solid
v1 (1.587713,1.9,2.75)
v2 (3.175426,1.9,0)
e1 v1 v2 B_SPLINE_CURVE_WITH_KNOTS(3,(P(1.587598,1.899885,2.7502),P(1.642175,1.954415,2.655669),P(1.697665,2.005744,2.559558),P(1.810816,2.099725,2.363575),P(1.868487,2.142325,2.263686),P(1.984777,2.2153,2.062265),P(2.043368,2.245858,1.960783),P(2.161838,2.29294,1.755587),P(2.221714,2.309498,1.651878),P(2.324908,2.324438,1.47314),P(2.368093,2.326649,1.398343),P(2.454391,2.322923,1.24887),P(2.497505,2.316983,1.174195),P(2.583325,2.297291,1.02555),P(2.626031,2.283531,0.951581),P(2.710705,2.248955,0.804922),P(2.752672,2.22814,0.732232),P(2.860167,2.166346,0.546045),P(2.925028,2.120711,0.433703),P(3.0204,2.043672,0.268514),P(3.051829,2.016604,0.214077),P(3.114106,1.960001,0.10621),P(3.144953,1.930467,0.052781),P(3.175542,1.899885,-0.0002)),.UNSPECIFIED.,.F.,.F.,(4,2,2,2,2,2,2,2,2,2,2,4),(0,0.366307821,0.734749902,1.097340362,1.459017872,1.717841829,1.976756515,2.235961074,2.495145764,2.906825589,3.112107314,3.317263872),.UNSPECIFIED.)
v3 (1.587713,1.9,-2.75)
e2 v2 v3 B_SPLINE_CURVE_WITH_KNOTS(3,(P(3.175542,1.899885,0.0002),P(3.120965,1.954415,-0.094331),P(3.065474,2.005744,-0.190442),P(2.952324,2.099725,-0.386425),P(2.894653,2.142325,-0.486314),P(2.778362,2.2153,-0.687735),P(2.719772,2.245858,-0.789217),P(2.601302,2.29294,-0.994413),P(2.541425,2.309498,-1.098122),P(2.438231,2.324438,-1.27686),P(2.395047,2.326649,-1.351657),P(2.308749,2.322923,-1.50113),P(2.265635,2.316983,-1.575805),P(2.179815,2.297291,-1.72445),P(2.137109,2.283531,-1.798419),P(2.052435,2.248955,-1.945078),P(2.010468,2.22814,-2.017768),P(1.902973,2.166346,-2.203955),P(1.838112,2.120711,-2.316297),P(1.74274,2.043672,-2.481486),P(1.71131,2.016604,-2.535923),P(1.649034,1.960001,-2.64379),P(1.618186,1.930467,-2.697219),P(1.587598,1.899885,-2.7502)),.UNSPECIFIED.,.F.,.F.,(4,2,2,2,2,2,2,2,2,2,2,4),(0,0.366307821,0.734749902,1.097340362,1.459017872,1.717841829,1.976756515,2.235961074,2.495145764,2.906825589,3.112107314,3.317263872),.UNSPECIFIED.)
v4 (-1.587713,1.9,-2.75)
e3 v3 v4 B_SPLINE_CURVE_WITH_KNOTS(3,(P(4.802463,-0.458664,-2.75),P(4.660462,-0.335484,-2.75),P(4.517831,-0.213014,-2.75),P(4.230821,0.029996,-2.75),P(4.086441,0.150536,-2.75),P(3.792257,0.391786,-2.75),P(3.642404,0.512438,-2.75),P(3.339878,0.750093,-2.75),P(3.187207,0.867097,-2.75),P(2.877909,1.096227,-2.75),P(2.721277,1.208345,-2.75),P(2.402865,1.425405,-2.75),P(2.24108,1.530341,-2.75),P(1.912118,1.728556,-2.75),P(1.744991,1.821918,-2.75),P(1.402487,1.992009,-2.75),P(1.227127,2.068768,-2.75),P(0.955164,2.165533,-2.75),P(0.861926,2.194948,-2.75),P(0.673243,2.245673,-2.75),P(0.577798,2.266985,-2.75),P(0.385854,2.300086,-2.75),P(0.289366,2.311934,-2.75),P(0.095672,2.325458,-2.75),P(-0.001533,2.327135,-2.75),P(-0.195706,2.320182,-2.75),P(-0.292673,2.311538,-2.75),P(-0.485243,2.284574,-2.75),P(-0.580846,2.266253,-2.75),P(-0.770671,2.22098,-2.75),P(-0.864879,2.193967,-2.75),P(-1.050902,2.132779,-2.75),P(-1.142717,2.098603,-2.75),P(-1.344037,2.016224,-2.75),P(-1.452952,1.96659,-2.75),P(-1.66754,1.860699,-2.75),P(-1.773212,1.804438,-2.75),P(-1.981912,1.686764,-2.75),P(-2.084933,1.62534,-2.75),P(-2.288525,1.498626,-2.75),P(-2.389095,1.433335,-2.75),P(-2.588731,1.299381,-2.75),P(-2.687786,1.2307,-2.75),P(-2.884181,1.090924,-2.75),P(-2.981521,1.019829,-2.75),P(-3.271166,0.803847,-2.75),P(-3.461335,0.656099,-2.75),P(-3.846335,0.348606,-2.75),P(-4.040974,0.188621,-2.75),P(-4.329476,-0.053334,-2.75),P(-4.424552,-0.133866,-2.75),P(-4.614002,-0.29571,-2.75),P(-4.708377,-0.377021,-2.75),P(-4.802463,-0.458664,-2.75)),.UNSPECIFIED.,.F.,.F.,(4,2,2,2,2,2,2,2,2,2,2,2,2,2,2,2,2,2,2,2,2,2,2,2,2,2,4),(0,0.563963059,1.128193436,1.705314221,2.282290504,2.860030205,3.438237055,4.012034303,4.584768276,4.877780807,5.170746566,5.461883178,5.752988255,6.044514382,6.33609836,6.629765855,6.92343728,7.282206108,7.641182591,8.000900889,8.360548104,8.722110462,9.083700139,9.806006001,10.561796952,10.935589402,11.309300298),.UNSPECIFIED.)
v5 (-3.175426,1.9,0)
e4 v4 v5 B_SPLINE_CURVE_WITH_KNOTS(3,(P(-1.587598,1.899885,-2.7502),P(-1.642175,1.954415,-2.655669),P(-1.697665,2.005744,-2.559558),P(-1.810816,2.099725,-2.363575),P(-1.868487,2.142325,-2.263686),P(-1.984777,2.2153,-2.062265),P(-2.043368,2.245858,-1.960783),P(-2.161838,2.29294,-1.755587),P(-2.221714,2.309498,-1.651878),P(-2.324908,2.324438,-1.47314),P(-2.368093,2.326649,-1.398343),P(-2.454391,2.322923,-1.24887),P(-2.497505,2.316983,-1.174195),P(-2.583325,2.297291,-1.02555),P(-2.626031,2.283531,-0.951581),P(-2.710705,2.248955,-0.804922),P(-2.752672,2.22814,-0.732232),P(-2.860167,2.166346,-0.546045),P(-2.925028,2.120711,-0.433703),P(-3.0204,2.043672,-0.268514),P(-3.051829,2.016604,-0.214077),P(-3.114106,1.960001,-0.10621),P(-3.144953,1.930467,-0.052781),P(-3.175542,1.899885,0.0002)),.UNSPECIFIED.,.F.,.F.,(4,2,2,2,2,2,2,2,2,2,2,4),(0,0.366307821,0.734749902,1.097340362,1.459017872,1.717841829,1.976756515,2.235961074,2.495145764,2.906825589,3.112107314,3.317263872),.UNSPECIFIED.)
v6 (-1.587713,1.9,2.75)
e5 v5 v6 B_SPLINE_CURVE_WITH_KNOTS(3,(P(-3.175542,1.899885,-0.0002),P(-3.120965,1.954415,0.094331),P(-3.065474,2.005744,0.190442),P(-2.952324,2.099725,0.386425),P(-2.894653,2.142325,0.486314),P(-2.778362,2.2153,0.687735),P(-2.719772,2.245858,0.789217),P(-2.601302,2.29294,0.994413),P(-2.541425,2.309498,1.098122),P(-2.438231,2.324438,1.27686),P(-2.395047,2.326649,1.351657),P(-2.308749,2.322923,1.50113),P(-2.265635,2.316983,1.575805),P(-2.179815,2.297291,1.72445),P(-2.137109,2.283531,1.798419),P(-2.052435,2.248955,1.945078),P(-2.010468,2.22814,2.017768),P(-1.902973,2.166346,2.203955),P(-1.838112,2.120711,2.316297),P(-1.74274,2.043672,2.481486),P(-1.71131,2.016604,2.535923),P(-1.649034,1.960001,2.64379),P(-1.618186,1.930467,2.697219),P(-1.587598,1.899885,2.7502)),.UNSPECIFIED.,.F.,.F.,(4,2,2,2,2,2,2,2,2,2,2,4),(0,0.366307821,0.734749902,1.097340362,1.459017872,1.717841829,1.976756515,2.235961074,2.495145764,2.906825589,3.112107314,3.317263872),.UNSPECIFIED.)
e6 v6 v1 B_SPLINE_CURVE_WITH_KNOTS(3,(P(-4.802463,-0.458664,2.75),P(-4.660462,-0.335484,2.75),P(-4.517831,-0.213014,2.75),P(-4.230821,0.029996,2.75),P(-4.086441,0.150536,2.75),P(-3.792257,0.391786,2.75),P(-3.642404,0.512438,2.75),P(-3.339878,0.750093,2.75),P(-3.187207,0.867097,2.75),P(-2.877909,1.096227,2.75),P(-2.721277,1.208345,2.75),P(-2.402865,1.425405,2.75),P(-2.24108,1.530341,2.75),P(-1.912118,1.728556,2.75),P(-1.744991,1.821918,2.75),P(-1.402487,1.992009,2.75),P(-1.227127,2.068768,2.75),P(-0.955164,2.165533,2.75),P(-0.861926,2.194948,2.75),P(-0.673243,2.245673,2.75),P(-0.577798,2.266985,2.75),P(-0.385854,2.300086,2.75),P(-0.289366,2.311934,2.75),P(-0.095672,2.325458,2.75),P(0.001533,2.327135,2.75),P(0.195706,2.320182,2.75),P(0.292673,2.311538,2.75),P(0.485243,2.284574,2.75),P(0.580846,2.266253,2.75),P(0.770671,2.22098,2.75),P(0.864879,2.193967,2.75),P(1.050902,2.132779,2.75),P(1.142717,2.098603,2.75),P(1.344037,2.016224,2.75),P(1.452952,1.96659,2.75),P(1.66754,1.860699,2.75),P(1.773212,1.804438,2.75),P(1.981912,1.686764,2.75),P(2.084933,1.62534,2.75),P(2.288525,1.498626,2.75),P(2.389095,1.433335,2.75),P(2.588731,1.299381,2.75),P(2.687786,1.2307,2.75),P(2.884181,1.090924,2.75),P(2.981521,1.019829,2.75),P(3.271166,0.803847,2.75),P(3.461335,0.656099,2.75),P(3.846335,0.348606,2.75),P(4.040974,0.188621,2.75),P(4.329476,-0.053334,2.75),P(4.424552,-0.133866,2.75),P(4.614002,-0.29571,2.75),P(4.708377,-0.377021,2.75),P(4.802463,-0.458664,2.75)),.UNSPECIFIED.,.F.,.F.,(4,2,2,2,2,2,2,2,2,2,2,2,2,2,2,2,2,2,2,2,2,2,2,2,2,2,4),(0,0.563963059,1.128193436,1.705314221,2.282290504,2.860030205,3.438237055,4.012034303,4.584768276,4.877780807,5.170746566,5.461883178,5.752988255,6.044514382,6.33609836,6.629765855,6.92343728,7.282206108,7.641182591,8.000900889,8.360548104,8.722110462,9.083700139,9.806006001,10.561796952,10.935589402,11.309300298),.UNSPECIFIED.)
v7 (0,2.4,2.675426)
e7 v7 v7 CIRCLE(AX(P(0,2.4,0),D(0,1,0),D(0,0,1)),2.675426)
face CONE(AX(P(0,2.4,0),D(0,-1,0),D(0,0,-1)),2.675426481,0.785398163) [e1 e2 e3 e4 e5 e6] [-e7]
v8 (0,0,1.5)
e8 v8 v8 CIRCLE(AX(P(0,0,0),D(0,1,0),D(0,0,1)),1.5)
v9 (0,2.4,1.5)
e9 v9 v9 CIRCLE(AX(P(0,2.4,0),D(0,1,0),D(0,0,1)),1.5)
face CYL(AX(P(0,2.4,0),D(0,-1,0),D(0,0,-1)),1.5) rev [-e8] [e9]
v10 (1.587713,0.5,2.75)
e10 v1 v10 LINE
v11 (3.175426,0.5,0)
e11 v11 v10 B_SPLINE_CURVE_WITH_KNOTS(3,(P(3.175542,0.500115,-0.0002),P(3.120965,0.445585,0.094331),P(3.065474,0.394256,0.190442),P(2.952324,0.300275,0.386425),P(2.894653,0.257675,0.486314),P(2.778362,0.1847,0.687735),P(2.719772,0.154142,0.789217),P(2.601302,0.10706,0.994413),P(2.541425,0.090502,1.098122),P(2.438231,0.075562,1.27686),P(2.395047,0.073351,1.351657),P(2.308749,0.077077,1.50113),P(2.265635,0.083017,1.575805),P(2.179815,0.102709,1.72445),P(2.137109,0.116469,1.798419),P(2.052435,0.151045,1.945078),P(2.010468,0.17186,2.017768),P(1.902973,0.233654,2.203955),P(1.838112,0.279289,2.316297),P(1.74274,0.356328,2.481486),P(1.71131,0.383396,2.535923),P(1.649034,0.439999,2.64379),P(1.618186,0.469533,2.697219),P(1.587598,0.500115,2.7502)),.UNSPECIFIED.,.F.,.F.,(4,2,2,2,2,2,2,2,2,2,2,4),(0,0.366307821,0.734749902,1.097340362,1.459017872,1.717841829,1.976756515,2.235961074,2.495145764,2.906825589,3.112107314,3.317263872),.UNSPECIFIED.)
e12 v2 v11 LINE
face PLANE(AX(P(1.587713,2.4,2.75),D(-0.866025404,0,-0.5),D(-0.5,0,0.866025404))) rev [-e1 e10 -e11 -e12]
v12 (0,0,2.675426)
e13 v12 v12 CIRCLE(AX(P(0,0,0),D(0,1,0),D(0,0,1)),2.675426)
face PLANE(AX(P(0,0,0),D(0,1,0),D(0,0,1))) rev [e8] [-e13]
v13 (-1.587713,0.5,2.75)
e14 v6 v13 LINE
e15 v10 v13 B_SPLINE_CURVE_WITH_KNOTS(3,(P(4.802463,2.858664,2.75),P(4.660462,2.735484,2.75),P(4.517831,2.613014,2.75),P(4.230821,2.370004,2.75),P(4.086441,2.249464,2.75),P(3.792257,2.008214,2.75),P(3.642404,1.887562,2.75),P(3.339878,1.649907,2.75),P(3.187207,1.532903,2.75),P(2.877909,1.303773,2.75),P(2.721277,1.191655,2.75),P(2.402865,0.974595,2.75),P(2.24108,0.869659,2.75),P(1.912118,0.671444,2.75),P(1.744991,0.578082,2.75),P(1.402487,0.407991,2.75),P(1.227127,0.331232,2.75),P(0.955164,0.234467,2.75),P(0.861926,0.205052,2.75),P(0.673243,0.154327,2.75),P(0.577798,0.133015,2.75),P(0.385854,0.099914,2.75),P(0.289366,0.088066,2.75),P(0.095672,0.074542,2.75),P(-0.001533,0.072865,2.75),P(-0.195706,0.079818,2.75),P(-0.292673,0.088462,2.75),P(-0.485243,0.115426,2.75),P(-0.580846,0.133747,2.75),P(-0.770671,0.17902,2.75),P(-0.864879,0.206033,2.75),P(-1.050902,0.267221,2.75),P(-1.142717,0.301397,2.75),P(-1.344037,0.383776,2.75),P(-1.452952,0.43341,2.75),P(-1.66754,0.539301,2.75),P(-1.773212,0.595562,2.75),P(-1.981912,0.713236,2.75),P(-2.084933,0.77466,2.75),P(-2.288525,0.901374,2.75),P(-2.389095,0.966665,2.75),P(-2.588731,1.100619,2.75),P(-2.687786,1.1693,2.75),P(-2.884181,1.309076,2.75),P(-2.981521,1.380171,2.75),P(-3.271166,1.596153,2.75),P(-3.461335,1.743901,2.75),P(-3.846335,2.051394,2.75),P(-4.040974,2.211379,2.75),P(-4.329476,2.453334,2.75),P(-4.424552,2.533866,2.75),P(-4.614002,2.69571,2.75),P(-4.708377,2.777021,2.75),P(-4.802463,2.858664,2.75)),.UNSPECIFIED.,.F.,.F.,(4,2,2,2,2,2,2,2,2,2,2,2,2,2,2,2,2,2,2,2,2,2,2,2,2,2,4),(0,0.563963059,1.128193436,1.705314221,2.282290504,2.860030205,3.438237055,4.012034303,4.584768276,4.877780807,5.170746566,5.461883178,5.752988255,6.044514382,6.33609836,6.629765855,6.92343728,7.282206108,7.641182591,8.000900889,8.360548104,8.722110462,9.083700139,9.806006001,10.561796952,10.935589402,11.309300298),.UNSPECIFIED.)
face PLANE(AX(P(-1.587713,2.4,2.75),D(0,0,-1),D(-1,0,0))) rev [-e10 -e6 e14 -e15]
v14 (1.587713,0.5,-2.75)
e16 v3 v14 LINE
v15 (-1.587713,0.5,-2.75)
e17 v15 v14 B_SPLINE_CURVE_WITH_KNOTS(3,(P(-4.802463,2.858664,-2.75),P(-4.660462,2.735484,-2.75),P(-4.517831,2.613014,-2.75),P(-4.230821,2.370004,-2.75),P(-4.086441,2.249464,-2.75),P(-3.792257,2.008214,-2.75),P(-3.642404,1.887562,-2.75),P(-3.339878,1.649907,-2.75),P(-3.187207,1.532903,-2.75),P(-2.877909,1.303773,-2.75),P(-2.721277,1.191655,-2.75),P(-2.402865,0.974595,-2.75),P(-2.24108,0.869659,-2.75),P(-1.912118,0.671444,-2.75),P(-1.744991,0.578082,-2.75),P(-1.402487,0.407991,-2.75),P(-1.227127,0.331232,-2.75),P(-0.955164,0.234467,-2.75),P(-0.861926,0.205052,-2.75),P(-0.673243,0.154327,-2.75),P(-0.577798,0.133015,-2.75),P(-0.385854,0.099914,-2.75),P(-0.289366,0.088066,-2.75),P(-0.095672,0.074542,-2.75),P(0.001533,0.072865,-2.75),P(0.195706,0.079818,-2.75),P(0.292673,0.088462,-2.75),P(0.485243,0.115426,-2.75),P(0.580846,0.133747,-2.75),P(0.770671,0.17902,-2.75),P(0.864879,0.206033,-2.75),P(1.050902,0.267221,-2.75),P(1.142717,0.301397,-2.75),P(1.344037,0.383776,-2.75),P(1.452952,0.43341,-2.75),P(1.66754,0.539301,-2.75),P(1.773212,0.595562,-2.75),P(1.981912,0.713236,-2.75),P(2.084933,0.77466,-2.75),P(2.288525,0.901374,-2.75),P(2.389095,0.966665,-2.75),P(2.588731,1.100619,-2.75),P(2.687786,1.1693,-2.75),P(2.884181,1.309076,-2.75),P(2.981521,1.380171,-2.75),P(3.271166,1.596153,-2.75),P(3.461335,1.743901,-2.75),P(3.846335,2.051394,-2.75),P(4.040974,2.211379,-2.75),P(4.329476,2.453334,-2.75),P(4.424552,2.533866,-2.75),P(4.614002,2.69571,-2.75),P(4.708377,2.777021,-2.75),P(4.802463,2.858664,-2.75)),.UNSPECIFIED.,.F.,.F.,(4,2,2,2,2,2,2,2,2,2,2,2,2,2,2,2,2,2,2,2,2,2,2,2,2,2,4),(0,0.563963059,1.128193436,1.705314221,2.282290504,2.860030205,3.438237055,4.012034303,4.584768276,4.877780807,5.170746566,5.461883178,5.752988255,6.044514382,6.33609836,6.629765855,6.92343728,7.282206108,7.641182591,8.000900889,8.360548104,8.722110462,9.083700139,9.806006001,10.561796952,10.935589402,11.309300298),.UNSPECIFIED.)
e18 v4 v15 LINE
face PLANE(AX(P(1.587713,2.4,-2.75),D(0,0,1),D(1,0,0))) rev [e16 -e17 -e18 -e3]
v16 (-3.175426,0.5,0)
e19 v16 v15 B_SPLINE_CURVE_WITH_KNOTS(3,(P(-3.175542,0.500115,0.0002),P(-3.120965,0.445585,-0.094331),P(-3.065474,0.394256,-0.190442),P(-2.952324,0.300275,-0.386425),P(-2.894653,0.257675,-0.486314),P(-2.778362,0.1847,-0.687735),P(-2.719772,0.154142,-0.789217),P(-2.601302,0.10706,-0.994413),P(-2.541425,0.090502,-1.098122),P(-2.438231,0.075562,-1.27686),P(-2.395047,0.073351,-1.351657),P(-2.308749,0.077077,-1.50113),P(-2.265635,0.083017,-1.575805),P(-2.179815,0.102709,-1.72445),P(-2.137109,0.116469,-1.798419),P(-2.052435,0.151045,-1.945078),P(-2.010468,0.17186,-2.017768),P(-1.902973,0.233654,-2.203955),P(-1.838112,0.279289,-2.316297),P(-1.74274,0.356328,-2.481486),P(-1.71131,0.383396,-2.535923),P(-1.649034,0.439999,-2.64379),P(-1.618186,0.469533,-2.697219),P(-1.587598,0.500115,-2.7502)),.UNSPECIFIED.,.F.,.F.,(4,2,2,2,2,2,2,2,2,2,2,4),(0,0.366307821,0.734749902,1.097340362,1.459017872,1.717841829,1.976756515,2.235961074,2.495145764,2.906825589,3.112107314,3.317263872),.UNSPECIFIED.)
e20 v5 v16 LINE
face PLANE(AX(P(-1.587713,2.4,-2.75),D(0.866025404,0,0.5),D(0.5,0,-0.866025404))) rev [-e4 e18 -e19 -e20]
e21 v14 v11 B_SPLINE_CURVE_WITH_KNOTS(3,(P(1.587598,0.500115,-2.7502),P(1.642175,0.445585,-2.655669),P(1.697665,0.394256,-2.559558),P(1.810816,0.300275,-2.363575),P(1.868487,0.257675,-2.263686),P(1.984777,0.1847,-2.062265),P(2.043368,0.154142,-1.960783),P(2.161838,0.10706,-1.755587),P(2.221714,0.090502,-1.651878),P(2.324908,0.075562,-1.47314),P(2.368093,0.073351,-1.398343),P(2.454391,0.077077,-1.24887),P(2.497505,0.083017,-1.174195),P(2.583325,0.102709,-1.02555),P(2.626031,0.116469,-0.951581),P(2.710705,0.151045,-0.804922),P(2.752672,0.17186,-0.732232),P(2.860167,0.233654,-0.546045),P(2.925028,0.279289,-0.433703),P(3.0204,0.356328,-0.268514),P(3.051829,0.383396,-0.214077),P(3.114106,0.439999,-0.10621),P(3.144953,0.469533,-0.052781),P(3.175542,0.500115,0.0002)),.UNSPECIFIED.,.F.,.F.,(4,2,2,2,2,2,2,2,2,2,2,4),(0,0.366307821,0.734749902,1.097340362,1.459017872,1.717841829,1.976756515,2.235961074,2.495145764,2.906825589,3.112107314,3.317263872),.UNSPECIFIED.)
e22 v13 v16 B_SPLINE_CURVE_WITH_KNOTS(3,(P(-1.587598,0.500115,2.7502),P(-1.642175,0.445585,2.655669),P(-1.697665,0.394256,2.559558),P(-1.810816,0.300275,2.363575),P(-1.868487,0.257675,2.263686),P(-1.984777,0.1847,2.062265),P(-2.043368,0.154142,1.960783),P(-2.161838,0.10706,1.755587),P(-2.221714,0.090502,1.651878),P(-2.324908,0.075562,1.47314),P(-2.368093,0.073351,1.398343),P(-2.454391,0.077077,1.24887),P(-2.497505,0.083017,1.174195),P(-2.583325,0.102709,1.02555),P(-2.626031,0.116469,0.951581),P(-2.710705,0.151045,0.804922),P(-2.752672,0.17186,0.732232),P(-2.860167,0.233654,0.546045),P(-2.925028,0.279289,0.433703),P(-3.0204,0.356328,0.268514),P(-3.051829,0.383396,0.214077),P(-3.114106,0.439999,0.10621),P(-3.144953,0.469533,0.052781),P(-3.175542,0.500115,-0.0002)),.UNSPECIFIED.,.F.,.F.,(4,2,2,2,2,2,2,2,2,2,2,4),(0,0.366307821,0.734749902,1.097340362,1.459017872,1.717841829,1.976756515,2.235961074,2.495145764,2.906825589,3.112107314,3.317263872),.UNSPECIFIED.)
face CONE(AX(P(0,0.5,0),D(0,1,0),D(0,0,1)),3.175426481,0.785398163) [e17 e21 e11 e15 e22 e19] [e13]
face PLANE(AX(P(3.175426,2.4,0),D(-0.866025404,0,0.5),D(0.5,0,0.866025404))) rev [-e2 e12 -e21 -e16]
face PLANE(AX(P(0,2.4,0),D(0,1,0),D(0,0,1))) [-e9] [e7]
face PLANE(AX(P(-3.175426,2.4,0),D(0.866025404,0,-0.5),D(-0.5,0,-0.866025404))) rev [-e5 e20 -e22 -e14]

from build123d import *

# Parameters (mm, degrees)
SKETCH1_R           = 1.5
BOSS_EXTRUDE1_DEPTH = 2.4


with BuildPart() as part:
    # Sketch1 → Boss-Extrude1 (new body)
    with BuildSketch(Plane(origin=(0, 0, 0), x_dir=(1, 0, 0), z_dir=(0, 1, 0))):
        Polygon((1.58771324, 2.75), (-1.58771324, 2.75), (-3.175426481, 0), (-1.58771324, -2.75), (1.58771324, -2.75), (3.175426481, 0), align=None)
        with Locations(Location((0, 0, 0), (0, 0, 270))):
            Circle(SKETCH1_R, mode=Mode.SUBTRACT)
    extrude(amount=BOSS_EXTRUDE1_DEPTH)

    # Sketch2 → Cut-Revolve1 (revolve, cut)
    with BuildSketch(Plane.XY, mode=Mode.PRIVATE) as cut_revolve1_sk:
        Polygon((3.175426481, 0), (3.175426481, 0.5), (2.675426481, 0), align=None)
        Polygon((2.675426481, 2.4), (3.175426481, 2.4), (3.175426481, 1.9), align=None)
    revolve(cut_revolve1_sk.sketch.rotate(Axis((0, 2.4, 0), (0, -1, 0)), 300.000000219), axis=Axis((0, 2.4, 0), (0, -1, 0)), mode=Mode.SUBTRACT)


solid = part.part
